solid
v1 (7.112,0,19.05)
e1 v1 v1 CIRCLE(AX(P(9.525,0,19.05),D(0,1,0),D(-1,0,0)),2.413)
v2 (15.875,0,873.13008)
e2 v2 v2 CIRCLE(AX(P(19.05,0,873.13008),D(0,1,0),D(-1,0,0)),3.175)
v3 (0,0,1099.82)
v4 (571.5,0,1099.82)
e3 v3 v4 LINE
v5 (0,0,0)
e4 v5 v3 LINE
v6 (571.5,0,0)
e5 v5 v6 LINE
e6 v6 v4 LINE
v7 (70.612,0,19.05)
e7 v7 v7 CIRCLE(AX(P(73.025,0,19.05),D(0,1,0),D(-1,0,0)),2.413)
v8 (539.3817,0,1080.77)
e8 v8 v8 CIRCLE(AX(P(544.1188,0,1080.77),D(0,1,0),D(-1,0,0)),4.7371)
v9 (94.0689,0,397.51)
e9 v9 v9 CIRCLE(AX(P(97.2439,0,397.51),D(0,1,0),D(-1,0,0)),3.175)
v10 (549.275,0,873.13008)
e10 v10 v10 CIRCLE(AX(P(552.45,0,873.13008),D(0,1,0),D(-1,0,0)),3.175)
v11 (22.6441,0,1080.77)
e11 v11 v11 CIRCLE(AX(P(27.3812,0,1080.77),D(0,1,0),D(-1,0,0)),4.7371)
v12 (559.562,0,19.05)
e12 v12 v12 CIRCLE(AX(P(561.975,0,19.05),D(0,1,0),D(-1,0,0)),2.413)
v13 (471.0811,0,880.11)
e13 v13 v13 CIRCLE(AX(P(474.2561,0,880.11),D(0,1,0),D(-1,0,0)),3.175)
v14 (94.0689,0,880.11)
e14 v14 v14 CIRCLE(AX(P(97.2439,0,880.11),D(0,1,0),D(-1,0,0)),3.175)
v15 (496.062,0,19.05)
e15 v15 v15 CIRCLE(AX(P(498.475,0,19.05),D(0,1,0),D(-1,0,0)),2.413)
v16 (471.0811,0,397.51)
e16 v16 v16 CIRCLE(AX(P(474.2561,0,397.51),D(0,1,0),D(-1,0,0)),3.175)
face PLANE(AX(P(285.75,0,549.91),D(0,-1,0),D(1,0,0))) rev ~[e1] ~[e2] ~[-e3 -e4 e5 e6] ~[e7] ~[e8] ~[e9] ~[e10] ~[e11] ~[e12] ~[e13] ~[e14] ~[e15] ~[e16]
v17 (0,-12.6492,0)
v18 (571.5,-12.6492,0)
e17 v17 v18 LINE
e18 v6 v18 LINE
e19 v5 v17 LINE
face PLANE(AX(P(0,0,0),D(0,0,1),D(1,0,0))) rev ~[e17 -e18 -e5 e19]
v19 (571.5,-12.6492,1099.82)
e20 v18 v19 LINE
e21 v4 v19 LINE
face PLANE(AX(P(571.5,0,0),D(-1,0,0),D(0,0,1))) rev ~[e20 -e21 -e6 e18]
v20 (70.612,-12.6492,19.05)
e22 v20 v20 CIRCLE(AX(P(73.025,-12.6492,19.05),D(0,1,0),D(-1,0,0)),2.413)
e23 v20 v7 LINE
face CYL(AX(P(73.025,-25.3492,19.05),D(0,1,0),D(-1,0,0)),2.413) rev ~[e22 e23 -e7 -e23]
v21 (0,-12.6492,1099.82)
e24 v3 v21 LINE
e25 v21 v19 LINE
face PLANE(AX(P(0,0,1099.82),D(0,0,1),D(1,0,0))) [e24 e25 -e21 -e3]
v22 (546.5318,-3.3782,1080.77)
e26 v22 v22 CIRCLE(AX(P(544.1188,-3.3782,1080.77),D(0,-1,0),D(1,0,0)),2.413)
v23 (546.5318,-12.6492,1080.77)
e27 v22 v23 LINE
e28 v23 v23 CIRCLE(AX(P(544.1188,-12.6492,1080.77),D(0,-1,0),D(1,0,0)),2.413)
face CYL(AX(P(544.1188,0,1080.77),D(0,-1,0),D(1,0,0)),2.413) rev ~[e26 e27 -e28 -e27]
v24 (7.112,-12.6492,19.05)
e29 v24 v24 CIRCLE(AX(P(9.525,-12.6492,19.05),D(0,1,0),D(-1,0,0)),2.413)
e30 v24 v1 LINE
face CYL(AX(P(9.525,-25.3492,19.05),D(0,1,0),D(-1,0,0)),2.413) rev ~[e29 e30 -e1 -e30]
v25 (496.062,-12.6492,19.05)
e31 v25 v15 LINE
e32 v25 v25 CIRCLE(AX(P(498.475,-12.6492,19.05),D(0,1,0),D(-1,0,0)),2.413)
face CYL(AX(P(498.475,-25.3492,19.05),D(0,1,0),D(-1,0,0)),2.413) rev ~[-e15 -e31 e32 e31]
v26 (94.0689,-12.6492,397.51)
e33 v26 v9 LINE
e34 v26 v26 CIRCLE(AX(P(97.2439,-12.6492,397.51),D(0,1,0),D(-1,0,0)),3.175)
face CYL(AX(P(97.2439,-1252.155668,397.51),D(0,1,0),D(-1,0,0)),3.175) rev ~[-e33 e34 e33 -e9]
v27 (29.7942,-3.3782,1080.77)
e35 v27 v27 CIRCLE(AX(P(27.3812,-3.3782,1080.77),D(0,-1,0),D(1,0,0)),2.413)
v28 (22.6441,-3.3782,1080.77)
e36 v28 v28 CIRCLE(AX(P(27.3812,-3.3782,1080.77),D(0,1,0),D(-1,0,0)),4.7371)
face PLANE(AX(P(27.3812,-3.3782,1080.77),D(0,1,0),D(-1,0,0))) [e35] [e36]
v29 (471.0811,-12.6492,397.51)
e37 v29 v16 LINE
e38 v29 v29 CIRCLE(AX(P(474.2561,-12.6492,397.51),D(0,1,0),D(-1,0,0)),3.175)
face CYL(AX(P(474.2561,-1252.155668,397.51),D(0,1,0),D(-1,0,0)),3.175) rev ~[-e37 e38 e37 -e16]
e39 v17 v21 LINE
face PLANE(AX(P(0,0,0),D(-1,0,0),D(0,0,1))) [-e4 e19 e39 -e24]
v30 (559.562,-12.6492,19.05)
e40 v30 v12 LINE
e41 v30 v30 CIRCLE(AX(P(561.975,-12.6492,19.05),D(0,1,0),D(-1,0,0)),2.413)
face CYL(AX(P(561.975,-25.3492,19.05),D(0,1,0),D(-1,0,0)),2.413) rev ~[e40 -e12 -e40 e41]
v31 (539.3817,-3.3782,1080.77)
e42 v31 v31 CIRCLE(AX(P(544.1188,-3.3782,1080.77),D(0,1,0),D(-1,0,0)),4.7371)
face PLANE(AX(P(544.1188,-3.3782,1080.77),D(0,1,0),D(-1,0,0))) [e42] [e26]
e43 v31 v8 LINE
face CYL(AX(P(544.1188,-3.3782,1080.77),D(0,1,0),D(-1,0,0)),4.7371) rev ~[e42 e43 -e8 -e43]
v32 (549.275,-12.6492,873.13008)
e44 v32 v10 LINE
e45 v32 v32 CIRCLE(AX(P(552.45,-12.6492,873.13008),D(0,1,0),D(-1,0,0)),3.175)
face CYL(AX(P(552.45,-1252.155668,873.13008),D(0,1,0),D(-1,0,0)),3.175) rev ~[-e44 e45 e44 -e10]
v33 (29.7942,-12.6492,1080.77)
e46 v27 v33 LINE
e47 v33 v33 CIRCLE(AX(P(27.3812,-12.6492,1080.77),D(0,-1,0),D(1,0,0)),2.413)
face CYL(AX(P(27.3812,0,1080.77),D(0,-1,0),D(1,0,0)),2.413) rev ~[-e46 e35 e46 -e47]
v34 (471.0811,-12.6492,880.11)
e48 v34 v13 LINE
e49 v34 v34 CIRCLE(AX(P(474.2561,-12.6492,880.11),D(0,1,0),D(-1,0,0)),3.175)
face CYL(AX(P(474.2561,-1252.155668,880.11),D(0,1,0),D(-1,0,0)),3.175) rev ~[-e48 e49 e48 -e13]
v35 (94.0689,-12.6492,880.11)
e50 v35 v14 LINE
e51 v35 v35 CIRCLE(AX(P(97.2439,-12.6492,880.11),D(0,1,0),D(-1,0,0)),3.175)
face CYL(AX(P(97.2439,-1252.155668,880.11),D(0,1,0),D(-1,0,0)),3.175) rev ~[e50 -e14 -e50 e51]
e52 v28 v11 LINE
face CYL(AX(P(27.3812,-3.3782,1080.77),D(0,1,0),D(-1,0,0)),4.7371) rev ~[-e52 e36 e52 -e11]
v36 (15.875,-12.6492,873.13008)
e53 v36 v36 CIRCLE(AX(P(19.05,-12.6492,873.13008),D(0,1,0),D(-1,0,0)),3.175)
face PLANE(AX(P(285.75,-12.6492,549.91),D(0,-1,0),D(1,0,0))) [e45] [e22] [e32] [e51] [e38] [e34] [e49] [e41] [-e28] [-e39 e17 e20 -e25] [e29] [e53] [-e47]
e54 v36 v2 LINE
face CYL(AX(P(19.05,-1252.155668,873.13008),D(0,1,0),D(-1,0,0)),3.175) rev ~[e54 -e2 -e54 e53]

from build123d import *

# Parameters (mm, degrees)
F0_W           = 571.5
F0_H           = 1099.82
F1_DEPTH       = 12.6492
F3_D           = 4.826
F3_DEPTH       = 12.7
F4_D           = 6.35
F6_D           = 4.826
F6_DEPTH       = 12.7
F6_CBORE_D     = 9.4742
F6_CBORE_DEPTH = 3.3782


with BuildPart() as f1:
    # F0 (on Front) → F1 (new body)
    with BuildSketch(Plane.XZ):
        with Locations((285.75, 549.91)):
            Rectangle(F0_W, F0_H)
    extrude(amount=F1_DEPTH)

    # F3
    with Locations(Plane.XZ.offset(12.6492)):
        with Locations((9.525, 19.05), (73.025, 19.05), (498.475, 19.05), (561.975, 19.05)):
            Hole(F3_D / 2, depth=F3_DEPTH)

    # F4 (through all)
    with Locations(Plane.XZ.offset(12.6492)):
        with Locations((97.2439, 880.11), (474.2561, 880.11), (97.2439, 397.51), (474.2561, 397.51), (19.05, 873.13008), (552.45, 873.13008)):
            Hole(F4_D / 2)

    # F6
    with Locations(Plane(origin=(0, 0, 0), x_dir=(-1, 0, 0), z_dir=(0, 1, 0))):
        with Locations((-544.1188, 1080.77), (-27.3812, 1080.77)):
            CounterBoreHole(F6_D / 2, F6_CBORE_D / 2, F6_CBORE_DEPTH, depth=F6_DEPTH)


solid = f1.part
